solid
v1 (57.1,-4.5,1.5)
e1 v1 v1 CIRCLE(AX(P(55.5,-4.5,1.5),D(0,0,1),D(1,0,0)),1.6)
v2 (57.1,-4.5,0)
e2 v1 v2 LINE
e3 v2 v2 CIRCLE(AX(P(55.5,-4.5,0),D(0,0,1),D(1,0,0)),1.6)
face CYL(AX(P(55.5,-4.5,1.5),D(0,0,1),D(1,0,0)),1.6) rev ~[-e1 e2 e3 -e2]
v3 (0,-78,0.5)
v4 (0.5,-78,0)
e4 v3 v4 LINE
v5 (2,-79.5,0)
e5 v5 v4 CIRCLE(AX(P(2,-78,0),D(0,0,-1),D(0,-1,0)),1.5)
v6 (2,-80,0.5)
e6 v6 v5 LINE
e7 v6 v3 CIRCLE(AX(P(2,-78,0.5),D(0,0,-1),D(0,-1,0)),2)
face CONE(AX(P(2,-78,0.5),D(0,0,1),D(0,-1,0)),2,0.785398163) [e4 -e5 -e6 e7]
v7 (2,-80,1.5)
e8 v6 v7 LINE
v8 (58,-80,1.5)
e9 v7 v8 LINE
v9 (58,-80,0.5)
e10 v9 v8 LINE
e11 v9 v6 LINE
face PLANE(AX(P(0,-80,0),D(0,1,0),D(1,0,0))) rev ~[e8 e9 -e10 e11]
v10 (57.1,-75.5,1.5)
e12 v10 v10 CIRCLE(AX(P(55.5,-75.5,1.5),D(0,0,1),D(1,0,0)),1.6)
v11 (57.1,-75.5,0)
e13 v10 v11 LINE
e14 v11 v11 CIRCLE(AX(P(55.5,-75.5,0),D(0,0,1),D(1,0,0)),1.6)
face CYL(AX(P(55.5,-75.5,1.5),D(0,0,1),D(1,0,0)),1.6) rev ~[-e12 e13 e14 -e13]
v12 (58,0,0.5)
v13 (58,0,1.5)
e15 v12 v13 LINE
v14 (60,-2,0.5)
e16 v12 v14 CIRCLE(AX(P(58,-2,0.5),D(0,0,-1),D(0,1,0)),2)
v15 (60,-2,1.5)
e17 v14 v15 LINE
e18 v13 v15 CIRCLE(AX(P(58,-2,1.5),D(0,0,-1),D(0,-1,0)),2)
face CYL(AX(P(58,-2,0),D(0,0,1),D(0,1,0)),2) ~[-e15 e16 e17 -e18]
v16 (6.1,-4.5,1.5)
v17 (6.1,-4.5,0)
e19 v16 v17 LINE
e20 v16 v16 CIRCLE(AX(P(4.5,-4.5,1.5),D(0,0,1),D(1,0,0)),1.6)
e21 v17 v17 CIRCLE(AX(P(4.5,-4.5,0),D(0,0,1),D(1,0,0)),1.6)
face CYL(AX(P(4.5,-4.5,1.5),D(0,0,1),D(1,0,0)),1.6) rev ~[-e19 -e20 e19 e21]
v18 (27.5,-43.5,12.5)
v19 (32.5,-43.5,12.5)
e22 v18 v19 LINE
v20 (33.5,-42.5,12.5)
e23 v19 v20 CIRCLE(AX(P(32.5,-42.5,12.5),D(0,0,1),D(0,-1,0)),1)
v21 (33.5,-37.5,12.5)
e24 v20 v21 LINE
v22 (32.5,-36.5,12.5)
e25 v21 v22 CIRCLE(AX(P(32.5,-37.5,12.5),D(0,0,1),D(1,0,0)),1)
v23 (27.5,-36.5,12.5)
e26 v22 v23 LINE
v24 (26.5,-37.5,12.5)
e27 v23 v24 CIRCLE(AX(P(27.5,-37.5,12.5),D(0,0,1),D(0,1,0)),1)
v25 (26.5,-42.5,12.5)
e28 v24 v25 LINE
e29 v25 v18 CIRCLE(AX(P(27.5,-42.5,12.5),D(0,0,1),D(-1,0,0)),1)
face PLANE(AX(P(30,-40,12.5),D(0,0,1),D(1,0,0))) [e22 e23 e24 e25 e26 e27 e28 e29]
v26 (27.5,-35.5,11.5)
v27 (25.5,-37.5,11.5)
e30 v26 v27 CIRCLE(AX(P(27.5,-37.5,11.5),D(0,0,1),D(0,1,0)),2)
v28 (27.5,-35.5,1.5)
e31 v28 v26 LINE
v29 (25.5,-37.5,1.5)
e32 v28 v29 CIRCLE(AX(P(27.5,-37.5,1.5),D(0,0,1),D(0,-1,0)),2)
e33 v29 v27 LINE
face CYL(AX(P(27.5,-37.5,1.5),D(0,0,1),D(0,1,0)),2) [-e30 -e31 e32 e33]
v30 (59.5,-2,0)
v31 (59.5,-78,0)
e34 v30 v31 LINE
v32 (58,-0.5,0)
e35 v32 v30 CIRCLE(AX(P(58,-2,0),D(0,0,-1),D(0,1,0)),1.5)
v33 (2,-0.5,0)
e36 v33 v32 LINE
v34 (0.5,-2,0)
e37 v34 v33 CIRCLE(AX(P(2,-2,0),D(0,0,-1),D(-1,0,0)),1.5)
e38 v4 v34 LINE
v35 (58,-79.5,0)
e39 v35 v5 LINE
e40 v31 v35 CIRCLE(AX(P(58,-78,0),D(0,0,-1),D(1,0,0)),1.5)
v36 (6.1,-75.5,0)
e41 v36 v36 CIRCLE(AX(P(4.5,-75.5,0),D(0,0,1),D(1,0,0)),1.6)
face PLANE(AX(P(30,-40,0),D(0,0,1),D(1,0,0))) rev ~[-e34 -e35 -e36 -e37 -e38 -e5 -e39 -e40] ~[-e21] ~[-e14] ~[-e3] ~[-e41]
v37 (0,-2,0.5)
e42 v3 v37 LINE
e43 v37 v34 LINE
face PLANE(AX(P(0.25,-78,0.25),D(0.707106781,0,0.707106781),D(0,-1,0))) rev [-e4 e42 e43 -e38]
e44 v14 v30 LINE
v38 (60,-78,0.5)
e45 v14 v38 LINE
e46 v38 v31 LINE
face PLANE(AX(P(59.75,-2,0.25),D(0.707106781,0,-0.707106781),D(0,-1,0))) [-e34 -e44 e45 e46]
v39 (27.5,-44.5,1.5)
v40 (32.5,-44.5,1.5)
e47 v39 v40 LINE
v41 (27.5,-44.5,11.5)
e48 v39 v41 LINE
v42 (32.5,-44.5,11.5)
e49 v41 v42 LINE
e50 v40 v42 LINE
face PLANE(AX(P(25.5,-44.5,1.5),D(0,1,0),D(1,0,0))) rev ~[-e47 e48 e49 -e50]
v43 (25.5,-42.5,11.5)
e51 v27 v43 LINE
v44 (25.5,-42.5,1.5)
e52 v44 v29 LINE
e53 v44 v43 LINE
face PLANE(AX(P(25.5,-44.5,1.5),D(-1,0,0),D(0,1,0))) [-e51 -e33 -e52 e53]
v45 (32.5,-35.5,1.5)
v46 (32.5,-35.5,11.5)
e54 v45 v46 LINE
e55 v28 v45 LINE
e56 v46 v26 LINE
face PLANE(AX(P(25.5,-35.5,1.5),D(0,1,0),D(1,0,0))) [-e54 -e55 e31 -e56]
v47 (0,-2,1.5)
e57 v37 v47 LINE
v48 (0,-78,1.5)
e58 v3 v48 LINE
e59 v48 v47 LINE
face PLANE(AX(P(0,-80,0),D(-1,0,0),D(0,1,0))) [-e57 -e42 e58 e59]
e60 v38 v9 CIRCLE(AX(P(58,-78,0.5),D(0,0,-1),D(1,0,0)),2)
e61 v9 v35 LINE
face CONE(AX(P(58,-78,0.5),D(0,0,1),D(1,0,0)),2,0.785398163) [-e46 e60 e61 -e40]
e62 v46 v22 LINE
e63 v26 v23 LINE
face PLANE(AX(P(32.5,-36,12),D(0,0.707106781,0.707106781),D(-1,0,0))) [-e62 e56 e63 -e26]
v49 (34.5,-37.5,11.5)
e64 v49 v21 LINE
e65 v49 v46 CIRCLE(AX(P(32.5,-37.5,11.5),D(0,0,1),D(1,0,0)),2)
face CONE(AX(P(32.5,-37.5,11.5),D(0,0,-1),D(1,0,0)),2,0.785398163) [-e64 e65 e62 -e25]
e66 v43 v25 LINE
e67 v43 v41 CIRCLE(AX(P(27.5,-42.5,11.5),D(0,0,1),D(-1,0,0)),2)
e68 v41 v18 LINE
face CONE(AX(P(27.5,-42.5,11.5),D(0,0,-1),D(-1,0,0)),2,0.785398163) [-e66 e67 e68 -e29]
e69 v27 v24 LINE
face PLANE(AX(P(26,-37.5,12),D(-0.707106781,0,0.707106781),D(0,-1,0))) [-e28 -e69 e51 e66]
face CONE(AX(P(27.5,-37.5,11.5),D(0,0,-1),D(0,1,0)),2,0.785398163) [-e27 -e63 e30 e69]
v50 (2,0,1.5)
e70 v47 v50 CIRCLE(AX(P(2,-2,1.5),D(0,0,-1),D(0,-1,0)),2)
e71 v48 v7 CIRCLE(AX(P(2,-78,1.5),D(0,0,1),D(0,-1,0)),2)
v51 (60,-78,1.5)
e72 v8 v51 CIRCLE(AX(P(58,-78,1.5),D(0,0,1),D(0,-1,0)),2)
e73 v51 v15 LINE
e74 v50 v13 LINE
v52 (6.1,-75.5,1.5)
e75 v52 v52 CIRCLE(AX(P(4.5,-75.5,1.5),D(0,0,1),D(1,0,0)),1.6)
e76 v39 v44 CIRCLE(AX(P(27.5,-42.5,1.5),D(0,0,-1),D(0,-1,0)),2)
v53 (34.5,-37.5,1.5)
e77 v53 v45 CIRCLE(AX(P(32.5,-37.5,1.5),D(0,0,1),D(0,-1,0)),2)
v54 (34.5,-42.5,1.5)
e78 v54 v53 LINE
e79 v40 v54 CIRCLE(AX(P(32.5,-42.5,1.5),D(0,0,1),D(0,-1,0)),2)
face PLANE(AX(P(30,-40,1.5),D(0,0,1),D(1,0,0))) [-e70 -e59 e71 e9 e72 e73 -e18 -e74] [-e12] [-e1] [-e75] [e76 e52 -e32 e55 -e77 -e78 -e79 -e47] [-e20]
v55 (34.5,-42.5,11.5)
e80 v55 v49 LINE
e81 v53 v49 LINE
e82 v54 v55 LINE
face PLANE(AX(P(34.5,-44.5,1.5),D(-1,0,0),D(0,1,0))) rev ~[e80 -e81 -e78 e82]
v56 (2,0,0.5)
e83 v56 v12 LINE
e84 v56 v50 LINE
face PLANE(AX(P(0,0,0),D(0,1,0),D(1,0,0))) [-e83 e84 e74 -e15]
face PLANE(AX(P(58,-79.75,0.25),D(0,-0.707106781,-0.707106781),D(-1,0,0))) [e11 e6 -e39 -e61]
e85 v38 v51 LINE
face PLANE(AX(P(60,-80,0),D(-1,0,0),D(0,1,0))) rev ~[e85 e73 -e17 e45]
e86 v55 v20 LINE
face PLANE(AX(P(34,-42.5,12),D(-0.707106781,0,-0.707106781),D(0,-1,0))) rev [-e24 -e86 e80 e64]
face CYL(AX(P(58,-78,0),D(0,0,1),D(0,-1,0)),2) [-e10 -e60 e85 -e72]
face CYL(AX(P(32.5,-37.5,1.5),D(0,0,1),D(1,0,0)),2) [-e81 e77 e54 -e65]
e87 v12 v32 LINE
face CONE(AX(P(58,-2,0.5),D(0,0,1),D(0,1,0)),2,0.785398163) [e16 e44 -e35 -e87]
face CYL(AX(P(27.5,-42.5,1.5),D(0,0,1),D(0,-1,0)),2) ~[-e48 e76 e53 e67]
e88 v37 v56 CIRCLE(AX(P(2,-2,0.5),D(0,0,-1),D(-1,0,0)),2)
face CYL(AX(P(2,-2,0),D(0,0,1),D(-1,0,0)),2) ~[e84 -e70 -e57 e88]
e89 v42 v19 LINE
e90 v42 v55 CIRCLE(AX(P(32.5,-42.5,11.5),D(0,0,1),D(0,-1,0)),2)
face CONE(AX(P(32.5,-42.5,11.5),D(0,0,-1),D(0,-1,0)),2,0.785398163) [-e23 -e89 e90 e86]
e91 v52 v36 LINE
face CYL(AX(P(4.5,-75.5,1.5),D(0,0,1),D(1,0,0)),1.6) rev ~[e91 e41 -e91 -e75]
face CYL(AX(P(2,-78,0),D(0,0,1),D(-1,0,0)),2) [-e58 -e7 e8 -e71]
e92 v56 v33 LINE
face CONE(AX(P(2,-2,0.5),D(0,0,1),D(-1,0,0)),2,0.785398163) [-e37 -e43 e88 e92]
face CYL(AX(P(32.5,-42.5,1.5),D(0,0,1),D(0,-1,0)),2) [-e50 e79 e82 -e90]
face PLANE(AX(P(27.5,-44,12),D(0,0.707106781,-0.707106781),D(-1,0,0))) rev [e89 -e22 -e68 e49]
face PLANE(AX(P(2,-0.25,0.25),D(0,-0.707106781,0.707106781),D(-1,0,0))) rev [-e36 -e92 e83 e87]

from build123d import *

# Parameters (mm, degrees)
SKETCH_W        = 60
SKETCH_H        = 80
PAD_DEPTH       = 1.5
SKETCH001_R     = 1.6
POCKET_DEPTH    = 5
SKETCH002_W     = 9
SKETCH002_H     = 9
PAD001_DEPTH    = 11
FILLET_R        = 2
CHAMFER_SIZE    = 1
FILLET001_R     = 2
CHAMFER001_SIZE = 0.5


with BuildPart() as part:
    # Sketch → Pad (new body)
    with BuildSketch(Plane.XY):
        with Locations((30, -40)):
            Rectangle(SKETCH_W, SKETCH_H)
    extrude(amount=PAD_DEPTH)

    # Sketch001 (on Face6 of Pad) → Pocket (cut)
    with BuildSketch(Plane.XY.offset(1.5)):
        with Locations((4.5, -4.5)):
            Circle(SKETCH001_R)
        with Locations((55.5, -4.5)):
            Circle(SKETCH001_R)
        with Locations((4.5, -75.5)):
            Circle(SKETCH001_R)
        with Locations((55.5, -75.5)):
            Circle(SKETCH001_R)
    extrude(amount=-POCKET_DEPTH, mode=Mode.SUBTRACT)

    # Sketch002 (on Face5 of Pocket) → Pad001 (join)
    with BuildSketch(Plane.XY.offset(1.5)):
        with Locations((30, -40)):
            Rectangle(SKETCH002_W, SKETCH002_H)
    extrude(amount=PAD001_DEPTH)

    # Fillet
    fillet_edges = [part.edges().sort_by_distance(p)[0] for p in [
        (25.5, -44.5, 7),
        (34.5, -44.5, 7),
        (34.5, -35.5, 7),
        (25.5, -35.5, 7),
    ]]
    fillet(fillet_edges, radius=FILLET_R)

    # Chamfer
    chamfer_edges = [part.edges().sort_by_distance(p)[0] for p in [
        (30, -44.5, 12.5),
    ]]
    chamfer(chamfer_edges, length=CHAMFER_SIZE)

    # Fillet001
    fillet001_edges = [part.edges().sort_by_distance(p)[0] for p in [
        (0, -80, 0.75),
        (60, -80, 0.75),
        (60, 0, 0.75),
        (0, 0, 0.75),
    ]]
    fillet(fillet001_edges, radius=FILLET001_R)

    # Chamfer001
    chamfer001_edges = [part.edges().sort_by_distance(p)[0] for p in [
        (30, 0, 0),
    ]]
    chamfer(chamfer001_edges, length=CHAMFER001_SIZE)


solid = part.part
